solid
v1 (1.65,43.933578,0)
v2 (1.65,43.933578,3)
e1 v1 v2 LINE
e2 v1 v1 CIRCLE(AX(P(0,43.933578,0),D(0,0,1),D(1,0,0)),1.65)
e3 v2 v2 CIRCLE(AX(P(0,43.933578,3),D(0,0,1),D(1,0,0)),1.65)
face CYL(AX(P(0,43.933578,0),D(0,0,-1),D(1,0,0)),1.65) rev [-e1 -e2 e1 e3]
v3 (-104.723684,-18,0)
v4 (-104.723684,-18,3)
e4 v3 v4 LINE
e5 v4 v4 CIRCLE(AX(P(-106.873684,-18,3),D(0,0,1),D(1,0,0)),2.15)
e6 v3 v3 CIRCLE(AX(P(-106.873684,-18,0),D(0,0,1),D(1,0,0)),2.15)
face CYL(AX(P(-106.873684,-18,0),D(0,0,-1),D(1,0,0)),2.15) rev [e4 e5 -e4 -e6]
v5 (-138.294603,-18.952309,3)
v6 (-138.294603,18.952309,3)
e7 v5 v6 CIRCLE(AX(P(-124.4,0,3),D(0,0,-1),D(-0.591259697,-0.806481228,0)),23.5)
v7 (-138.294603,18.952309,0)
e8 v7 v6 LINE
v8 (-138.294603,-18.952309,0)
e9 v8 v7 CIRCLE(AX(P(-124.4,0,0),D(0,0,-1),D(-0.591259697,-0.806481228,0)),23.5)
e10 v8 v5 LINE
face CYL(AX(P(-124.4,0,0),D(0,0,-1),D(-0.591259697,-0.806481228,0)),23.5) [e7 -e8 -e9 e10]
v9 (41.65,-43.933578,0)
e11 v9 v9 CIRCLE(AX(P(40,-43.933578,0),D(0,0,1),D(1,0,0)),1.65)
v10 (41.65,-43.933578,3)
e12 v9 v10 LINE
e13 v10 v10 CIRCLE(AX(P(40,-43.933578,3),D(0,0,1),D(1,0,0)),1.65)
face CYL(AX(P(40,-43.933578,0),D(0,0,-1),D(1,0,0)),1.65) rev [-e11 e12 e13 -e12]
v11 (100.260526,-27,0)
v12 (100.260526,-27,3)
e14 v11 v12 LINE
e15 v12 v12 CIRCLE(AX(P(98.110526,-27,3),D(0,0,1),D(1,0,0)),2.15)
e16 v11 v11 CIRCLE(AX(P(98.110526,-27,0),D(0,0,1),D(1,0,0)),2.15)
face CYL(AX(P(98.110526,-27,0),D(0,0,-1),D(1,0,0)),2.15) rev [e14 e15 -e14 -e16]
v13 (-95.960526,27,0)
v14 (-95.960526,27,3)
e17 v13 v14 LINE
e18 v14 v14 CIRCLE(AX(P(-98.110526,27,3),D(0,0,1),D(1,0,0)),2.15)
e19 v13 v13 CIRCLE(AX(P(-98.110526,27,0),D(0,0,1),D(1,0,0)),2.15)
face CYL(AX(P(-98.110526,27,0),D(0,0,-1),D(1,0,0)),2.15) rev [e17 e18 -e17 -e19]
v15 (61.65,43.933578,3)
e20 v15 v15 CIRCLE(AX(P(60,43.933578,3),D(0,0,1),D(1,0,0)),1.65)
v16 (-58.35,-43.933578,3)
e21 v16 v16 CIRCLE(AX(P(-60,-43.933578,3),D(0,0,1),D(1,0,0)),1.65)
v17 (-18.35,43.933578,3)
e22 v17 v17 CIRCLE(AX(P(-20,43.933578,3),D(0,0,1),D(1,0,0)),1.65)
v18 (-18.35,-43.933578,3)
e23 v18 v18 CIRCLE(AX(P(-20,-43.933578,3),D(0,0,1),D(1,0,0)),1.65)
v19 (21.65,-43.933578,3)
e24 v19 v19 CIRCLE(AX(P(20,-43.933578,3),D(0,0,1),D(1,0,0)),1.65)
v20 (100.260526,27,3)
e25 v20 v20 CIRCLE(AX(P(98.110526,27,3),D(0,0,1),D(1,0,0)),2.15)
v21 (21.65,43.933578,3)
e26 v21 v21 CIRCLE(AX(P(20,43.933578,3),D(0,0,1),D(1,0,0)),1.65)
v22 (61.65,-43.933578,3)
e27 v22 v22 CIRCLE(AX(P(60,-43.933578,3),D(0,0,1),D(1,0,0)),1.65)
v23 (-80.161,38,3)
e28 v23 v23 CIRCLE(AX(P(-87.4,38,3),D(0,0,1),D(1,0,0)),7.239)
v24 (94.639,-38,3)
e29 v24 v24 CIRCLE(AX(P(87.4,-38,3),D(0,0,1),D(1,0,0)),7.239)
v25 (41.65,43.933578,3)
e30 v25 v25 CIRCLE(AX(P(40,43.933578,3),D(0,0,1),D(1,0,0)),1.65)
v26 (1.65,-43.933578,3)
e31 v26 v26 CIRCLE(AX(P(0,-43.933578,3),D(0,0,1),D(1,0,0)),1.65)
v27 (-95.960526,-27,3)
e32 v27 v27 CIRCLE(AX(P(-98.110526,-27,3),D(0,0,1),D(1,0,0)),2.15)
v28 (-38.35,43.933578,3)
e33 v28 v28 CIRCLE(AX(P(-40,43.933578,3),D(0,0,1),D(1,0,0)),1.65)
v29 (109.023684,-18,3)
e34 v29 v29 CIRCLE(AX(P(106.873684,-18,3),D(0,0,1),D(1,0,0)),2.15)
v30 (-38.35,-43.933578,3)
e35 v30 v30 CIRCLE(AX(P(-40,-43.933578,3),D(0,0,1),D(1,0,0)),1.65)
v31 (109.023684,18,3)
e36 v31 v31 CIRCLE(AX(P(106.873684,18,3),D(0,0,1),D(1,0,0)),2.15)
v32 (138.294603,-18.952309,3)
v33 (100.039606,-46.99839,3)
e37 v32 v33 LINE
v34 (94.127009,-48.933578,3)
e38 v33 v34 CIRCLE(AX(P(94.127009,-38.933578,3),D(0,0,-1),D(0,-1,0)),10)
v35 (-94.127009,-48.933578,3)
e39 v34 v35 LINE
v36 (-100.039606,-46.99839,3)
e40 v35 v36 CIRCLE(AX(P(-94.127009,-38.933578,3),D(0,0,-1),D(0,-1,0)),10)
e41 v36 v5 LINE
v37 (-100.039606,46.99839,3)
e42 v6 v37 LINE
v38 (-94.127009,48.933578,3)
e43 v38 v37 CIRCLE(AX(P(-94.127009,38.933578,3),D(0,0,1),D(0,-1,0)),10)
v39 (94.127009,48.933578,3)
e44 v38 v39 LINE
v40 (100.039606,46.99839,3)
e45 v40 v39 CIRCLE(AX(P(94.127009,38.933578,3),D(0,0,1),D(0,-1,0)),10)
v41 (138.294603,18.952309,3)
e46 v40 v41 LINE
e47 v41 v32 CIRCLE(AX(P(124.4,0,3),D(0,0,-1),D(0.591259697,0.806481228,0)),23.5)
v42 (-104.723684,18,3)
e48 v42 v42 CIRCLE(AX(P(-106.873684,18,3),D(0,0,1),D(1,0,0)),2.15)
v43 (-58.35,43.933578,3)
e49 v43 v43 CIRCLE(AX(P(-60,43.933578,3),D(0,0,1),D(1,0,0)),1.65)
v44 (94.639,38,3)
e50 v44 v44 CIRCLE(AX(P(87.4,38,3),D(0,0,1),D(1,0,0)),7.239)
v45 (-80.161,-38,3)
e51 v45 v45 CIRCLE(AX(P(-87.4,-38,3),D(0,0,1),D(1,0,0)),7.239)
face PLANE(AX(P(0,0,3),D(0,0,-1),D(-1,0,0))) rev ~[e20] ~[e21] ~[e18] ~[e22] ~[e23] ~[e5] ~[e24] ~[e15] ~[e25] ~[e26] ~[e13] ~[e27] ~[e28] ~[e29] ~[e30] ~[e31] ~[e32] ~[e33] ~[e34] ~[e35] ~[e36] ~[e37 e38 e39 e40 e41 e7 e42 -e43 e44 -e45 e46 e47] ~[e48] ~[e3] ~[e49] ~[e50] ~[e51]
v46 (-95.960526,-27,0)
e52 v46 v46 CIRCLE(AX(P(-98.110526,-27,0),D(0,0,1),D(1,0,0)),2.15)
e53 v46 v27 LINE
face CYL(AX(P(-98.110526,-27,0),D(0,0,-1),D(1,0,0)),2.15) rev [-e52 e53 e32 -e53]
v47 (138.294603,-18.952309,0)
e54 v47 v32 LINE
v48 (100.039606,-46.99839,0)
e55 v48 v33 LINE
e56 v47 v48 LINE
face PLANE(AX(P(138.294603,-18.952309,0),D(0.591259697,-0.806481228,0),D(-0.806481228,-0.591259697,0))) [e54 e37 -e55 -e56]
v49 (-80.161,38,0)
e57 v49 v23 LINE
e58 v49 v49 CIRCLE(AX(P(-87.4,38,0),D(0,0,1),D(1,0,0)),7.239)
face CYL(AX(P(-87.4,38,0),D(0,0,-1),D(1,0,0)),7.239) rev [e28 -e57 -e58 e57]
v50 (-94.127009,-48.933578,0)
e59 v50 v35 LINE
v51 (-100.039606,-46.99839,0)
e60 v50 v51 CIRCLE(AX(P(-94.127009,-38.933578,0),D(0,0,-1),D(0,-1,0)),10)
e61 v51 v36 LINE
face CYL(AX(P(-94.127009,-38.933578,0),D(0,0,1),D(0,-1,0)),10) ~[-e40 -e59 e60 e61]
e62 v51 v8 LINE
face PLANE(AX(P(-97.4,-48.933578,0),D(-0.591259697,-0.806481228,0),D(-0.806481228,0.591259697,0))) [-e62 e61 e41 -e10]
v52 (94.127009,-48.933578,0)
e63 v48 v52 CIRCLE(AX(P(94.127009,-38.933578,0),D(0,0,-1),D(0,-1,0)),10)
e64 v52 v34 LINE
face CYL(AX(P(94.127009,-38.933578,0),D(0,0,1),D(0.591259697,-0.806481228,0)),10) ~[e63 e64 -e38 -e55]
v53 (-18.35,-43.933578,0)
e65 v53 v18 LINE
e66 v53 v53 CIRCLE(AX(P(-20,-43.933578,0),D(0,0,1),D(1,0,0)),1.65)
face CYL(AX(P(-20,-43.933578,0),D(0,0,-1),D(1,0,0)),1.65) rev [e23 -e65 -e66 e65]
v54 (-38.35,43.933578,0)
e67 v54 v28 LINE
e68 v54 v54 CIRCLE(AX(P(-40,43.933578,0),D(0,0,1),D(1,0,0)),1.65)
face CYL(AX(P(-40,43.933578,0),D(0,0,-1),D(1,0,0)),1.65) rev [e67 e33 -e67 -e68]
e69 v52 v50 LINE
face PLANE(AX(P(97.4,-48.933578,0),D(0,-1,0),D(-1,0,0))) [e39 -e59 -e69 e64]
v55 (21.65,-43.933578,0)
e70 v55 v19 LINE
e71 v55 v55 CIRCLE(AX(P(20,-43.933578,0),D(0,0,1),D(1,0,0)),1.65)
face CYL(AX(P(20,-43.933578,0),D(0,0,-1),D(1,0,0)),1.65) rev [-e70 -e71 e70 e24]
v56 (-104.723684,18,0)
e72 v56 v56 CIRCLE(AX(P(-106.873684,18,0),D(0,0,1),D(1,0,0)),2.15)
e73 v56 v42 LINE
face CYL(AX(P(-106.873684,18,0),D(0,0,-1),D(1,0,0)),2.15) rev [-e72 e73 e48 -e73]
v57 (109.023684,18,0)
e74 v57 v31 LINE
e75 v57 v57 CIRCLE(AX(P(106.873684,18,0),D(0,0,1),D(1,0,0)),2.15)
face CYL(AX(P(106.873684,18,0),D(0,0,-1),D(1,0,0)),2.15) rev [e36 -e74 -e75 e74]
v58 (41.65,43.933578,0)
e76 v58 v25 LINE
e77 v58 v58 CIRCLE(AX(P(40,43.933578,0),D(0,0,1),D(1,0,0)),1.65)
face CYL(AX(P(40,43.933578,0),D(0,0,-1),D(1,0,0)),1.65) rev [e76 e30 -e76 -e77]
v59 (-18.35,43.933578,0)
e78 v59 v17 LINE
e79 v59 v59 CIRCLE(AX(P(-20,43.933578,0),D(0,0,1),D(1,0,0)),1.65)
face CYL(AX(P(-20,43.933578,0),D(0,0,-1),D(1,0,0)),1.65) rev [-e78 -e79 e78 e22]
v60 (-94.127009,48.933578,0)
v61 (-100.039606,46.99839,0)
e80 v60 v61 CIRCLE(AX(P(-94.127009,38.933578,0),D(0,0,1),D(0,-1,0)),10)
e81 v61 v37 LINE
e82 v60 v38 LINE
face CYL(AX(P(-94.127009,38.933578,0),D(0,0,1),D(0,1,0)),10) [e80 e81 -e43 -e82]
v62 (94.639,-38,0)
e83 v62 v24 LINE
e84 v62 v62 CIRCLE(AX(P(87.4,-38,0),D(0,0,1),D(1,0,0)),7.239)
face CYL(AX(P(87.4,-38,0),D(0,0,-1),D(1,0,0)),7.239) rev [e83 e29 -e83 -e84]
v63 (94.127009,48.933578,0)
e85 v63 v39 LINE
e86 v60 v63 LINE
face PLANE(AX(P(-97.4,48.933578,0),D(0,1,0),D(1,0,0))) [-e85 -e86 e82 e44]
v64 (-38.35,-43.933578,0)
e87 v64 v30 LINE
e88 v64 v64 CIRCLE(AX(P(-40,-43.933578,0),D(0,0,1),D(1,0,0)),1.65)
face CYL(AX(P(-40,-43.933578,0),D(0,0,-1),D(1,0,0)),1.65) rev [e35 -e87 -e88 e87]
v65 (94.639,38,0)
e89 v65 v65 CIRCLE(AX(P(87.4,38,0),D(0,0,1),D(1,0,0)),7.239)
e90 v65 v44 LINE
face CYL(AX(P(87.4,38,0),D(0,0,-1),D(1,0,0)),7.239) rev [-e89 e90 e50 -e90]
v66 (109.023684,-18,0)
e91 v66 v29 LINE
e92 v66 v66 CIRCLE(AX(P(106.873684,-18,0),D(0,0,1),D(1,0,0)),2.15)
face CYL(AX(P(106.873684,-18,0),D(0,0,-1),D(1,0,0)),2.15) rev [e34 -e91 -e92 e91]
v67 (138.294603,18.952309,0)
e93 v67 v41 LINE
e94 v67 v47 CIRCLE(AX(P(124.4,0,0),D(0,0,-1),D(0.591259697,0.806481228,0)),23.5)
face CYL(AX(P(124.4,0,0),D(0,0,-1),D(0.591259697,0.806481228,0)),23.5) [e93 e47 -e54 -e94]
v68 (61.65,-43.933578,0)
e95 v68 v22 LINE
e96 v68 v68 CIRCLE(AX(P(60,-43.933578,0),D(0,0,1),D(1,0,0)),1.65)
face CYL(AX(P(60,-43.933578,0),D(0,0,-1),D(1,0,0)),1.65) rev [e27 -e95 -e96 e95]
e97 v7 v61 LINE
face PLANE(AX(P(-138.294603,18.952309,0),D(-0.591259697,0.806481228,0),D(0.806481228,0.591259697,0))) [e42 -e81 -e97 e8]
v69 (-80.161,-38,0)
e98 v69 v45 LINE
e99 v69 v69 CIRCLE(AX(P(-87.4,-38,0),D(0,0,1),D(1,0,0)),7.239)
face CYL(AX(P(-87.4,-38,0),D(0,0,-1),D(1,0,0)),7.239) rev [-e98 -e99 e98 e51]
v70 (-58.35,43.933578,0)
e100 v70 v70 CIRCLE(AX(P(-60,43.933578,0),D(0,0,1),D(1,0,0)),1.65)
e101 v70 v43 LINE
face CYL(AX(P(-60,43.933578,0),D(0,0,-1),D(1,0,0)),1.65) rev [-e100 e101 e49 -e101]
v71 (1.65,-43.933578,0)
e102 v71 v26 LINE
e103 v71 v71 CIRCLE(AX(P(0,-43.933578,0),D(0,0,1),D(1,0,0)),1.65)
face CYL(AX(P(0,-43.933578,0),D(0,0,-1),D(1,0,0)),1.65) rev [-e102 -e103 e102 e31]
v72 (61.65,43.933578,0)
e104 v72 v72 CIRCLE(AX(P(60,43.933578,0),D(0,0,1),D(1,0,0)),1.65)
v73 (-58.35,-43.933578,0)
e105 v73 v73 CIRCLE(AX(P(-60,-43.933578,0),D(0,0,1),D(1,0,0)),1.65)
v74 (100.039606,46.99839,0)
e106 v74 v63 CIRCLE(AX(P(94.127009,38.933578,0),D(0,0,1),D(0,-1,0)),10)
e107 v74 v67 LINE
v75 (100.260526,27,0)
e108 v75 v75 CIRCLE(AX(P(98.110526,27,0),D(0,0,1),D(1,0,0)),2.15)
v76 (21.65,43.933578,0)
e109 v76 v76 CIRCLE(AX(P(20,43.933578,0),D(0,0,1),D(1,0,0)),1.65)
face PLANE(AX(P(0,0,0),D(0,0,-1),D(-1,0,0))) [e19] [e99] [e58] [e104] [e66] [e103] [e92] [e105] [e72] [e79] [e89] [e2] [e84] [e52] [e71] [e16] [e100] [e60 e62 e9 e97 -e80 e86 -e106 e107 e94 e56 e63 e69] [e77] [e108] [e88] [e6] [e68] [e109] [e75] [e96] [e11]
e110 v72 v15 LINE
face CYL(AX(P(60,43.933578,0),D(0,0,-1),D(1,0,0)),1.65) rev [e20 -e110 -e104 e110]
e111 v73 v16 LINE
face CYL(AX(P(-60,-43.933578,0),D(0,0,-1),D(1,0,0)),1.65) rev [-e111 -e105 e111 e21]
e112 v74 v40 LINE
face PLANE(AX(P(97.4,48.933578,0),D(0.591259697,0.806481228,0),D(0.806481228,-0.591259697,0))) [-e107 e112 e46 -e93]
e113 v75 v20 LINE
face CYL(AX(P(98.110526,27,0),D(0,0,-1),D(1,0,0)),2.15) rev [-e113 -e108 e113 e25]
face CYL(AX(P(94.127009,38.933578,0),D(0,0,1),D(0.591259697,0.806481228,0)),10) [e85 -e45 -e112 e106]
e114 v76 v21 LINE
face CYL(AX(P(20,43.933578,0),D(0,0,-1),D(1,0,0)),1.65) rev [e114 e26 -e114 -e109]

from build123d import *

# Parameters (mm, degrees)
SKETCH1_R           = 7.239
SKETCH1_R_2         = 2.15
SKETCH1_R_3         = 1.65
BOSS_EXTRUDE1_DEPTH = 3
FILLET1_R           = 10


with BuildPart() as part:
    # Sketch1 → Boss-Extrude1 (new body)
    with BuildSketch(Plane.XY):
        with BuildLine():
            Line((-87.4, 48.933577685), (87.4, 48.933577685))
            Line((87.4, 48.933577685), (97.4, 48.933577685))
            Line((97.4, 48.933577685), (138.294602876, 18.952308855))
            ThreePointArc((138.294602876, 18.952308855), (147.9, 0), (138.294602876, -18.952308855))
            Line((138.294602876, -18.952308855), (97.4, -48.933577685))
            Line((97.4, -48.933577685), (87.4, -48.933577685))
            Line((87.4, -48.933577685), (-87.4, -48.933577685))
            Line((-87.4, -48.933577685), (-97.4, -48.933577685))
            Line((-97.4, -48.933577685), (-138.294602876, -18.952308855))
            ThreePointArc((-138.294602876, -18.952308855), (-147.9, 0), (-138.294602876, 18.952308855))
            Line((-138.294602876, 18.952308855), (-97.4, 48.933577685))
            Line((-97.4, 48.933577685), (-87.4, 48.933577685))
        make_face()
        with Locations((-87.4, -38)):
            Circle(SKETCH1_R, mode=Mode.SUBTRACT)
        with Locations((-87.4, 38)):
            Circle(SKETCH1_R, mode=Mode.SUBTRACT)
        with Locations((87.4, -38)):
            Circle(SKETCH1_R, mode=Mode.SUBTRACT)
        with Locations((87.4, 38)):
            Circle(SKETCH1_R, mode=Mode.SUBTRACT)
        with Locations((98.110526316, -27)):
            Circle(SKETCH1_R_2, mode=Mode.SUBTRACT)
        with Locations((106.873684211, -18)):
            Circle(SKETCH1_R_2, mode=Mode.SUBTRACT)
        with Locations((106.873684211, 18)):
            Circle(SKETCH1_R_2, mode=Mode.SUBTRACT)
        with Locations((98.110526316, 27)):
            Circle(SKETCH1_R_2, mode=Mode.SUBTRACT)
        with Locations((-98.110526316, -27)):
            Circle(SKETCH1_R_2, mode=Mode.SUBTRACT)
        with Locations((-106.873684211, -18)):
            Circle(SKETCH1_R_2, mode=Mode.SUBTRACT)
        with Locations((-106.873684211, 18)):
            Circle(SKETCH1_R_2, mode=Mode.SUBTRACT)
        with Locations((-98.110526316, 27)):
            Circle(SKETCH1_R_2, mode=Mode.SUBTRACT)
        with Locations((-60, -43.933577685)):
            Circle(SKETCH1_R_3, mode=Mode.SUBTRACT)
        with Locations((0, 43.933577685)):
            Circle(SKETCH1_R_3, mode=Mode.SUBTRACT)
        with Locations((20, 43.933577685)):
            Circle(SKETCH1_R_3, mode=Mode.SUBTRACT)
        with Locations((40, 43.933577685)):
            Circle(SKETCH1_R_3, mode=Mode.SUBTRACT)
        with Locations((60, 43.933577685)):
            Circle(SKETCH1_R_3, mode=Mode.SUBTRACT)
        with Locations((-20, 43.933577685)):
            Circle(SKETCH1_R_3, mode=Mode.SUBTRACT)
        with Locations((-40, 43.933577685)):
            Circle(SKETCH1_R_3, mode=Mode.SUBTRACT)
        with Locations((-60, 43.933577685)):
            Circle(SKETCH1_R_3, mode=Mode.SUBTRACT)
        with Locations((-40, -43.933577685)):
            Circle(SKETCH1_R_3, mode=Mode.SUBTRACT)
        with Locations((-20, -43.933577685)):
            Circle(SKETCH1_R_3, mode=Mode.SUBTRACT)
        with Locations((0, -43.933577685)):
            Circle(SKETCH1_R_3, mode=Mode.SUBTRACT)
        with Locations((20, -43.933577685)):
            Circle(SKETCH1_R_3, mode=Mode.SUBTRACT)
        with Locations((40, -43.933577685)):
            Circle(SKETCH1_R_3, mode=Mode.SUBTRACT)
        with Locations((60, -43.933577685)):
            Circle(SKETCH1_R_3, mode=Mode.SUBTRACT)
    extrude(amount=BOSS_EXTRUDE1_DEPTH)

    # Fillet1
    fillet1_edges = [part.edges().sort_by_distance(p)[0] for p in [
        (-97.4, 48.933577685, 1.5),
        (97.4, 48.933577685, 1.5),
        (97.4, -48.933577685, 1.5),
        (-97.4, -48.933577685, 1.5),
    ]]
    fillet(fillet1_edges, radius=FILLET1_R)


solid = part.part
